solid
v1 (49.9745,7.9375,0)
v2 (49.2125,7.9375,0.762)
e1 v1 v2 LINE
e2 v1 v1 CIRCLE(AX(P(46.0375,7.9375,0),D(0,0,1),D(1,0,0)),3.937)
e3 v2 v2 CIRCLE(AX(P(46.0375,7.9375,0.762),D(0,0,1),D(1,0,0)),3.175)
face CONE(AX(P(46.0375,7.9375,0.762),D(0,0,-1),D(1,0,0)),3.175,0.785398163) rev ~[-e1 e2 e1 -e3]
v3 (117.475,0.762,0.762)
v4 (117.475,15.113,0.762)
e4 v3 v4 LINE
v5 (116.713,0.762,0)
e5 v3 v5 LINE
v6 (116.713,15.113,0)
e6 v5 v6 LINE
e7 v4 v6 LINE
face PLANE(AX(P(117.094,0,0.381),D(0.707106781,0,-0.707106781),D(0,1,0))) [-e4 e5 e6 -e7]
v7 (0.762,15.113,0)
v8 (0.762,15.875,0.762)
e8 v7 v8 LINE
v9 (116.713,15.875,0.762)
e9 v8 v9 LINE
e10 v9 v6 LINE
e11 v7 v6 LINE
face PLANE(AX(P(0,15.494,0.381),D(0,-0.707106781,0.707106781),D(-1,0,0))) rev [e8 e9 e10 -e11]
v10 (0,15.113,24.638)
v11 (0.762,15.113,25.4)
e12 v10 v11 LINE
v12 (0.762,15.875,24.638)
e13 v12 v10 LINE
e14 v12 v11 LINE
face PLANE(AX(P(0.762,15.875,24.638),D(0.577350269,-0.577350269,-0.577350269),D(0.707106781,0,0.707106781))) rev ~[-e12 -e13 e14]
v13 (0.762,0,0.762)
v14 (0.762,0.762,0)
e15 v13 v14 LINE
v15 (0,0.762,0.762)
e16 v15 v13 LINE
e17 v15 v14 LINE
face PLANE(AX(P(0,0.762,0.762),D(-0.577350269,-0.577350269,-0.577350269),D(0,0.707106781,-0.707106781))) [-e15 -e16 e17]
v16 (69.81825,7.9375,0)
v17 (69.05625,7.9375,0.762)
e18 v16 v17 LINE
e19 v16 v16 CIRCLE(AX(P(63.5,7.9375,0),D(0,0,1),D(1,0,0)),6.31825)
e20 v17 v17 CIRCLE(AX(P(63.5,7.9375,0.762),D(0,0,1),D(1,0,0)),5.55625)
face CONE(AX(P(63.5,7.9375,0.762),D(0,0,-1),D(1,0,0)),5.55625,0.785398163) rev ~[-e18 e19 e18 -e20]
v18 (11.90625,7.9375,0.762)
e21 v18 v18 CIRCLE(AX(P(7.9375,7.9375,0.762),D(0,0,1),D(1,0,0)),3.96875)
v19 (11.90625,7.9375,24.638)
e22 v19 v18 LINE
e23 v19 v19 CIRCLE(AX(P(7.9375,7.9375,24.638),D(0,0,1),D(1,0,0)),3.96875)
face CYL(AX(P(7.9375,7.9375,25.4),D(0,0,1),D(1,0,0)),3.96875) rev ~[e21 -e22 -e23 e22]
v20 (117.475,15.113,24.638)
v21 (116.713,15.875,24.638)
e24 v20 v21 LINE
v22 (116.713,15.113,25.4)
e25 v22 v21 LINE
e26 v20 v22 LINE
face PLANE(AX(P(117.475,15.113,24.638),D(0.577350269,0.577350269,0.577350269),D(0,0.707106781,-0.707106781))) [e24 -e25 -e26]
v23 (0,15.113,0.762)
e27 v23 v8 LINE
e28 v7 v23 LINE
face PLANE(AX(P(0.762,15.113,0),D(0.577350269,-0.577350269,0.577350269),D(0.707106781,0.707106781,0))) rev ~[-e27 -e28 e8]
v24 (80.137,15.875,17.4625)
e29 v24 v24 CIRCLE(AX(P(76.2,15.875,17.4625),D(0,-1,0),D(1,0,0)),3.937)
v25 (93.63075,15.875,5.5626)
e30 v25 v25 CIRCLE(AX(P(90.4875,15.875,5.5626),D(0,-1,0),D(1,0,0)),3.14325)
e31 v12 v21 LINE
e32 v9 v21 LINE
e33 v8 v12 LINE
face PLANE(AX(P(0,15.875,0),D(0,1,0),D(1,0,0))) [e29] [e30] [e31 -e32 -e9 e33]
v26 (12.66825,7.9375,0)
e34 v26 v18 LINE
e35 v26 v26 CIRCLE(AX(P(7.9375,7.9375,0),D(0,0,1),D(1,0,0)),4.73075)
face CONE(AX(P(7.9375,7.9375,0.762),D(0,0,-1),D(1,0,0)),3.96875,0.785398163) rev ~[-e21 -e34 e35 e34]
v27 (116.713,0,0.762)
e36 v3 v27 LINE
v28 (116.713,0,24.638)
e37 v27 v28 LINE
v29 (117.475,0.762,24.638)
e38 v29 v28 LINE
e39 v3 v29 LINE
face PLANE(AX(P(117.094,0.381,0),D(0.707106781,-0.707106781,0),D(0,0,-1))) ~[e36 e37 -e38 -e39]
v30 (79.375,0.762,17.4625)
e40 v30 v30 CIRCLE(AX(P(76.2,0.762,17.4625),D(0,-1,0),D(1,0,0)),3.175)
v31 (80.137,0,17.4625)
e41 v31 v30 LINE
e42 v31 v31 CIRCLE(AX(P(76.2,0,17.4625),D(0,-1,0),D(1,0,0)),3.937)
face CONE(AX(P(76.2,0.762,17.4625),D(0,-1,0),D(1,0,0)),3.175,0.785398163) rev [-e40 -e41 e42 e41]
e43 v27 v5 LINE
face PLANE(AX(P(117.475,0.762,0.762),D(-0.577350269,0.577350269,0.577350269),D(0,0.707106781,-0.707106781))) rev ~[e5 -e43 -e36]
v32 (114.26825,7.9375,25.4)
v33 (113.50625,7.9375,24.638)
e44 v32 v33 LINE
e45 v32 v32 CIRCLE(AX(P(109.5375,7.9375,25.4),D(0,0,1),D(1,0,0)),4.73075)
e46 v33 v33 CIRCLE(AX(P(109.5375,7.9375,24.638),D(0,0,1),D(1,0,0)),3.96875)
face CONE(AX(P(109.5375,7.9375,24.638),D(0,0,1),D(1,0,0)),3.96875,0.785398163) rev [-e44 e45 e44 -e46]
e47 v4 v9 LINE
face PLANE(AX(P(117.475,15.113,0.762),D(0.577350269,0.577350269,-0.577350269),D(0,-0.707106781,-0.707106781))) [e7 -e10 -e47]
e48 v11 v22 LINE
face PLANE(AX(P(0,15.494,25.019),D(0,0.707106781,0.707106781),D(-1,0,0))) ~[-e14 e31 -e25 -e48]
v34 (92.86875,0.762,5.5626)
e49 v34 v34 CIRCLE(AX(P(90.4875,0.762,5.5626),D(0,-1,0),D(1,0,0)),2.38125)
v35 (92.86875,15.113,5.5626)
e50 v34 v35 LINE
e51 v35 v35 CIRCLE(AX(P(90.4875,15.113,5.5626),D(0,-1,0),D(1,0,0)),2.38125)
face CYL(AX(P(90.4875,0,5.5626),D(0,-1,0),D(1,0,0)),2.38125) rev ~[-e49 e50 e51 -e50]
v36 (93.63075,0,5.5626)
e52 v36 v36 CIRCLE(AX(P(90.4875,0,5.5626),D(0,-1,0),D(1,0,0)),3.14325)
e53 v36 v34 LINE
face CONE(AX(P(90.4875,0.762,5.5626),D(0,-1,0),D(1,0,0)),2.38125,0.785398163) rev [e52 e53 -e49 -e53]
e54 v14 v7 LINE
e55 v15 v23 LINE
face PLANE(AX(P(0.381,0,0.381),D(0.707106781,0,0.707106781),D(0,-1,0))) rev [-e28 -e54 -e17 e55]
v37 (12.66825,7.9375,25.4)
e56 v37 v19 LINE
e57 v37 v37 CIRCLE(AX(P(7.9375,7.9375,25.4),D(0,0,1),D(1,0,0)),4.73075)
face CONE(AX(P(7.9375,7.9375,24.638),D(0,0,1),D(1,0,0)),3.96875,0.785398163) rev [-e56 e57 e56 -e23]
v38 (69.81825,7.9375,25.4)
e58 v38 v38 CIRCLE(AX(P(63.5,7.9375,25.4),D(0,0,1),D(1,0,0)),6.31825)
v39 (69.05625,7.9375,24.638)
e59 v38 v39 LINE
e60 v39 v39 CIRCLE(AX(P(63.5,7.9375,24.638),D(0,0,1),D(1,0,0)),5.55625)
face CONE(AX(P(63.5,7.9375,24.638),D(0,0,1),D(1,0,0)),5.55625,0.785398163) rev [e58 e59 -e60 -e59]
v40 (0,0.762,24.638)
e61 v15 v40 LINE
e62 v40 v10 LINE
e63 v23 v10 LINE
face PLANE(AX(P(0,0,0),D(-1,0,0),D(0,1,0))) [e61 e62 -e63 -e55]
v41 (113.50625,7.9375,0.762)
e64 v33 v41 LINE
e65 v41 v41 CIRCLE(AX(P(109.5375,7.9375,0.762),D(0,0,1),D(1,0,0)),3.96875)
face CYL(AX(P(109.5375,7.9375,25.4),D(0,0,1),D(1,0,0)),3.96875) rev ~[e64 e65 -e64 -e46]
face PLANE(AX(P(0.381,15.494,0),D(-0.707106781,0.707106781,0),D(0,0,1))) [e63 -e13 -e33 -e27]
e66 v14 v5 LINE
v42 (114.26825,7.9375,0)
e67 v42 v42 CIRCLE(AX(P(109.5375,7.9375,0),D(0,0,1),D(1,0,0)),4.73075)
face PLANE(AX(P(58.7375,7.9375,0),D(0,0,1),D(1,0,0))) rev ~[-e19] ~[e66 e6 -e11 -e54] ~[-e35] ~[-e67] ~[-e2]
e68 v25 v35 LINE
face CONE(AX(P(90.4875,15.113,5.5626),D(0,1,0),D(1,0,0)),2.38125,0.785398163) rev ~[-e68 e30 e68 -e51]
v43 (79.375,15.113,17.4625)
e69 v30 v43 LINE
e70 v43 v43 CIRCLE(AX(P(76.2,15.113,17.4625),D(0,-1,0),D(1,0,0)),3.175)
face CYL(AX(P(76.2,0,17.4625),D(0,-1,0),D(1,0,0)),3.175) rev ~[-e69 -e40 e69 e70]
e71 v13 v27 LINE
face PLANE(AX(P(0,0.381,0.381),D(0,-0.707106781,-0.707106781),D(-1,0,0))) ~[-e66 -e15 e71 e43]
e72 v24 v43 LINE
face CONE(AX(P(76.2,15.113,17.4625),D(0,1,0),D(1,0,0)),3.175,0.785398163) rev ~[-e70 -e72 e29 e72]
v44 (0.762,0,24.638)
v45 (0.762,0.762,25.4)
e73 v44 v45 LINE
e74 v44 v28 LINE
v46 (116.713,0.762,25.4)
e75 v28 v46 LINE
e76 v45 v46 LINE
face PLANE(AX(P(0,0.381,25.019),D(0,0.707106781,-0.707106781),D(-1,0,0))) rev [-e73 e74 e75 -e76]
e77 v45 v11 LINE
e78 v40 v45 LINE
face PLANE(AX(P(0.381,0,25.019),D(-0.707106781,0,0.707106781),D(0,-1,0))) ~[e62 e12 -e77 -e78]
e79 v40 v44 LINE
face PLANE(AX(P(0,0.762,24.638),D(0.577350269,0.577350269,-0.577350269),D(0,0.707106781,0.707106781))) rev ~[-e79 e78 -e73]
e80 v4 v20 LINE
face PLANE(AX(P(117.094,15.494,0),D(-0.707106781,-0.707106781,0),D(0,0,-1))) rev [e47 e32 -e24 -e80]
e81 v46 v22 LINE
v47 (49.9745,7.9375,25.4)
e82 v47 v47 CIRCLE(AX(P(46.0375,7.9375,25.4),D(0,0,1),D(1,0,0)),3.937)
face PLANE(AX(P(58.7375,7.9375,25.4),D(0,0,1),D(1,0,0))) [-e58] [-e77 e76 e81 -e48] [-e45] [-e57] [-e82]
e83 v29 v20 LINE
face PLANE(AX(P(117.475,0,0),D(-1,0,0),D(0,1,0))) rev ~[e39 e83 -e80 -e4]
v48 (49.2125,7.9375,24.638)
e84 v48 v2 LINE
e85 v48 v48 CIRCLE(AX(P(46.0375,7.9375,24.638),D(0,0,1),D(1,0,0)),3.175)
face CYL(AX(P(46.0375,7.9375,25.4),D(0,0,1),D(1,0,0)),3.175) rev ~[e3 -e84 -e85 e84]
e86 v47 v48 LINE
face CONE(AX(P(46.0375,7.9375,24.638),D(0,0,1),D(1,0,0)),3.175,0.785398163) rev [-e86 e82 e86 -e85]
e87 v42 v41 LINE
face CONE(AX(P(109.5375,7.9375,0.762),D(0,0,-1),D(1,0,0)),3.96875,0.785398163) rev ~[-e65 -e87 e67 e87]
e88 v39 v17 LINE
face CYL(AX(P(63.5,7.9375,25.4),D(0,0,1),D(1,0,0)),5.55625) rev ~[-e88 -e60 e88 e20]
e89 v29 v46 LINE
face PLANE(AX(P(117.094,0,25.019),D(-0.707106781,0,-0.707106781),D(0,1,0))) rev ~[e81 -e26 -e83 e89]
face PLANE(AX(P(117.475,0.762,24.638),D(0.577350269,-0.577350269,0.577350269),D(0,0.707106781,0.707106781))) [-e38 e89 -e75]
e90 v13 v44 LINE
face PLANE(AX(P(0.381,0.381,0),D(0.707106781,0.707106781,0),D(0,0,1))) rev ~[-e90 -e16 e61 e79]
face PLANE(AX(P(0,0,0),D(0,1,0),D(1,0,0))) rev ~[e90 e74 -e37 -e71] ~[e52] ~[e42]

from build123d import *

# Parameters (mm, degrees)
F0_W     = 117.475
F0_H     = 15.875
F1_DEPTH = 25.4
F2_R     = 3.96875
F2_R_2   = 3.175
F2_R_3   = 5.55625
F3_DEPTH = 25.401
F4_R     = 3.175
F4_R_2   = 2.38125
F5_DEPTH = 15.876
F6_SIZE  = 0.762


with BuildPart() as f1:
    # F0 (on Top) → F1 (new body)
    with BuildSketch(Plane.XY):
        with Locations((58.7375, 7.9375)):
            Rectangle(F0_W, F0_H)
    extrude(amount=F1_DEPTH)

    # F2 (on face) → F3 (cut, through all)
    with BuildSketch(Plane.XY.offset(25.4)):
        with Locations((7.9375, 7.9375)):
            Circle(F2_R)
        with Locations((46.0375, 7.9375)):
            Circle(F2_R_2)
        with Locations((63.5, 7.9375)):
            Circle(F2_R_3)
        with Locations((109.5375, 7.9375)):
            Circle(F2_R)
    extrude(amount=-F3_DEPTH, mode=Mode.SUBTRACT)

    # F4 (on face) → F5 (cut, through all)
    with BuildSketch(Plane.XZ):
        with Locations((76.2, 17.4625)):
            Circle(F4_R)
        with Locations((90.4875, 5.5626)):
            Circle(F4_R_2)
    extrude(amount=-F5_DEPTH, mode=Mode.SUBTRACT)

    # F6
    f6_edges = [f1.edges().sort_by_distance(p)[0] for p in [
        (73.025, 0, 17.4625),
        (88.10625, 0, 5.5626),
        (57.94375, 7.9375, 25.4),
        (42.8625, 7.9375, 25.4),
        (105.56875, 7.9375, 25.4),
        (58.7375, 0, 25.4),
        (58.7375, 0, 0),
        (117.475, 0, 12.7),
        (0, 0, 12.7),
        (0, 7.9375, 25.4),
        (0, 15.875, 12.7),
        (0, 7.9375, 0),
        (58.7375, 15.875, 0),
        (3.96875, 7.9375, 0),
        (42.8625, 7.9375, 0),
        (57.94375, 7.9375, 0),
        (58.7375, 15.875, 25.4),
        (73.025, 15.875, 17.4625),
        (88.10625, 15.875, 5.5626),
        (3.96875, 7.9375, 25.4),
        (117.475, 7.9375, 25.4),
        (117.475, 15.875, 12.7),
        (117.475, 7.9375, 0),
        (105.56875, 7.9375, 0),
    ]]
    chamfer(f6_edges, length=F6_SIZE)


solid = f1.part
